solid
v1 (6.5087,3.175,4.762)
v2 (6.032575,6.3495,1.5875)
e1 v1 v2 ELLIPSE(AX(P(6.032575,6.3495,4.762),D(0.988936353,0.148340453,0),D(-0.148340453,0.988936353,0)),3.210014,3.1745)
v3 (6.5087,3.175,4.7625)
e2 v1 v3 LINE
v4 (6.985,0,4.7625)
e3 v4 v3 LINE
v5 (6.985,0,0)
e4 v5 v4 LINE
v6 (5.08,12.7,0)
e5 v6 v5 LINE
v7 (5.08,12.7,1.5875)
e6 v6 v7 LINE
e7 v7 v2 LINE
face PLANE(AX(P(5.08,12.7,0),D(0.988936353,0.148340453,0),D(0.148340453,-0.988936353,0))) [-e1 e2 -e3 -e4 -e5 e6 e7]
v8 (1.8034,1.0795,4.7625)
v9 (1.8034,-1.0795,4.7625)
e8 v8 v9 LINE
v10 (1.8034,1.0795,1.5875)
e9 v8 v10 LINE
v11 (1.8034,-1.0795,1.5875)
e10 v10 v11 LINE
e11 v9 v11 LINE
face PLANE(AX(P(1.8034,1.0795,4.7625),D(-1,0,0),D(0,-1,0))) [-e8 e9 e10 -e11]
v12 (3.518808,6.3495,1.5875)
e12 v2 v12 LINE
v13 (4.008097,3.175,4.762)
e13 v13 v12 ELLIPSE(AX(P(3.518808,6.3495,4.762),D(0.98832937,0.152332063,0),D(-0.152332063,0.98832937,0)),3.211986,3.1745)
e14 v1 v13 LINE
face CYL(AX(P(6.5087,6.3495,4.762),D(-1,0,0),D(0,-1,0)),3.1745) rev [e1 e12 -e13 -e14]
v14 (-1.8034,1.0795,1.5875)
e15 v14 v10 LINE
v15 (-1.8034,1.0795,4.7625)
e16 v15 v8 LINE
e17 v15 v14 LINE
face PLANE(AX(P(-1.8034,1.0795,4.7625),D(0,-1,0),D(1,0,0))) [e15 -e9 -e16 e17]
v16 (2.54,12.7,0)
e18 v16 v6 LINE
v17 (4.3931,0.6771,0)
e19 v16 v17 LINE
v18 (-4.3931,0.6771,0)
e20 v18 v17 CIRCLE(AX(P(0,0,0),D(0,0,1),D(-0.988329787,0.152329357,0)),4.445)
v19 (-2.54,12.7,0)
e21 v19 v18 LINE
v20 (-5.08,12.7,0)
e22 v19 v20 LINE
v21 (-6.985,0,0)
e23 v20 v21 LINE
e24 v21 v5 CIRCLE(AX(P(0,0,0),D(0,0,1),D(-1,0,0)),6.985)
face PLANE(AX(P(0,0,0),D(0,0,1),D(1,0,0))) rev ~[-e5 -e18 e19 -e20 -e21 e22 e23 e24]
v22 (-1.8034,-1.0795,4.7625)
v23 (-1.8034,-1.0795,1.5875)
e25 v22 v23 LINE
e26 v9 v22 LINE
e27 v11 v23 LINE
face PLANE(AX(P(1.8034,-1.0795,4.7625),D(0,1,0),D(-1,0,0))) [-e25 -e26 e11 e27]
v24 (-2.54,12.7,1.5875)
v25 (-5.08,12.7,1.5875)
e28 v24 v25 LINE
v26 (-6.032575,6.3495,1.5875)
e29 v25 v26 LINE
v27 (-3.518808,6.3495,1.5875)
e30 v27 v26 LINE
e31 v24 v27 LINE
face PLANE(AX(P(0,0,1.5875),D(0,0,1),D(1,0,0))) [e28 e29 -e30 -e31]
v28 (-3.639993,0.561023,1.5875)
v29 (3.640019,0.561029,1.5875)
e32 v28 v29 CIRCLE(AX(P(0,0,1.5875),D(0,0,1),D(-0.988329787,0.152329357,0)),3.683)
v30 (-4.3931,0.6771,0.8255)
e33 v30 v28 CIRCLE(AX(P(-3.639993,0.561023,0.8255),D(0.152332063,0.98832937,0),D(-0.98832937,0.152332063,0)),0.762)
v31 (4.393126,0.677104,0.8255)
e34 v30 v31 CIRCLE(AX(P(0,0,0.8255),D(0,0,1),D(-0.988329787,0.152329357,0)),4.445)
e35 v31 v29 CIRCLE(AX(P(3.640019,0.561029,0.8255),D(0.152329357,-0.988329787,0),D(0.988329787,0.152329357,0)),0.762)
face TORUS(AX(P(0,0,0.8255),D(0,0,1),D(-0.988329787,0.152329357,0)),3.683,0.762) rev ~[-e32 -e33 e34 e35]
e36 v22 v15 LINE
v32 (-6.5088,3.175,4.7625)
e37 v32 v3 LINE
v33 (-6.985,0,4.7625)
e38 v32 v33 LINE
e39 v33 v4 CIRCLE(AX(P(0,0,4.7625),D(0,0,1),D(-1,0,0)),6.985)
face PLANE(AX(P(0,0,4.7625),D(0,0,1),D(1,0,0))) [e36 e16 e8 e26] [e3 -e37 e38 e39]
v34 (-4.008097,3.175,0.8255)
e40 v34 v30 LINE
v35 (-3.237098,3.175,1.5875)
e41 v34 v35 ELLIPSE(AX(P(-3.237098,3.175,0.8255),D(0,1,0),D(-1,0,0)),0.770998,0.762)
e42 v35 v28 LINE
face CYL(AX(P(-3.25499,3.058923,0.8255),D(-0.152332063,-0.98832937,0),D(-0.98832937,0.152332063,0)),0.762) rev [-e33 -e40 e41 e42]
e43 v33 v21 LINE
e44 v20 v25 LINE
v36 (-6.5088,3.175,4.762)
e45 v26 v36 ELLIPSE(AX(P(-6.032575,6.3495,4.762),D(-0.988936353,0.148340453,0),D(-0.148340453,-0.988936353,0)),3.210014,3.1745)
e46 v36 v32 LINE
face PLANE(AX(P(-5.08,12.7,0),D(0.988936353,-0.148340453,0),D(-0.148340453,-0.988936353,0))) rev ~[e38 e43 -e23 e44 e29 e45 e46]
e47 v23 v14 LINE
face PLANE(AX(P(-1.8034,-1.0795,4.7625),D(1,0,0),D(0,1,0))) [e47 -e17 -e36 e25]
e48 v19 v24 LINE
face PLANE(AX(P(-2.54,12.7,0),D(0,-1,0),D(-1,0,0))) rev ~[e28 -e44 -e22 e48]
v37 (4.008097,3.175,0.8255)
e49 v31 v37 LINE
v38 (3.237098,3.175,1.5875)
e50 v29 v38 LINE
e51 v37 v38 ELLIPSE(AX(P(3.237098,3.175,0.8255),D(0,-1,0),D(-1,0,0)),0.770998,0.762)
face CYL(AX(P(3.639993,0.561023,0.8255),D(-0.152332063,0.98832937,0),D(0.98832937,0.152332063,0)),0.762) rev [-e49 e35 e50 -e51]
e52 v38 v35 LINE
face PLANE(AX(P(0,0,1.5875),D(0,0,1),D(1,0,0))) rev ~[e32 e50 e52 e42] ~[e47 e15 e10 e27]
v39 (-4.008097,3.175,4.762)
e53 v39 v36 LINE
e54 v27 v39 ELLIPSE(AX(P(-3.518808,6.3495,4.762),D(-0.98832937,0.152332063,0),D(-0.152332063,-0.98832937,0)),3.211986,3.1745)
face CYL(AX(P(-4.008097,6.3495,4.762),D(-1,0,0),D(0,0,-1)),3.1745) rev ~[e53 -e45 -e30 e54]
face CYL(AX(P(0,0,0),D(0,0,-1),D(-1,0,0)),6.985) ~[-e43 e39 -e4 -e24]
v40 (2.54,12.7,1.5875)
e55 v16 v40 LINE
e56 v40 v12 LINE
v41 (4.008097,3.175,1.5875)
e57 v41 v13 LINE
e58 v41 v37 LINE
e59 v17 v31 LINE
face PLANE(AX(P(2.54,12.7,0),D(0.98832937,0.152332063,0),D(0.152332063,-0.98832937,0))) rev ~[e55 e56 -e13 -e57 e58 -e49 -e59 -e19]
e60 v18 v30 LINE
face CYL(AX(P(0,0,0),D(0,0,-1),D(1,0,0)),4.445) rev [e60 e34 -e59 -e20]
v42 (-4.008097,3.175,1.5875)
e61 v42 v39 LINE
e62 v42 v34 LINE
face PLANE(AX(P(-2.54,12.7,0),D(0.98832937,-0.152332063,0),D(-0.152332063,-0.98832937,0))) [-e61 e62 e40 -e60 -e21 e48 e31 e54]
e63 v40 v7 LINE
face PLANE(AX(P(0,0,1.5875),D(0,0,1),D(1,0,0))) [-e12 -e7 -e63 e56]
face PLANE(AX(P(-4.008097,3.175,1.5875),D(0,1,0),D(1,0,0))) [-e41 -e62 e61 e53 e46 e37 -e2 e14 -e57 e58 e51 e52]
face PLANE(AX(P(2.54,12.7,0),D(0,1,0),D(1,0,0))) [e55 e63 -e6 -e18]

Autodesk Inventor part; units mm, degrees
ref_plane "YZ Plane" through (0, 0, 0) normal (1, 0, 0) x (0, 1, 0)
ref_plane "XZ Plane" through (0, 0, 0) normal (0, 1, 0) x (-1, 0, 0)
sketch "Sketch1" plane through (0, 0, 0) normal (0, 0, 1) x (1, 0, 0)
  circle A0 centre (0, 0) radius 4.445
  line L0 (0, 0) -> (0, 12.7)
  line L1 (0, 12.7) -> (-2.54, 12.7)
  line L2 (-2.54, 12.7) -> (2.54, 12.7)
  line L3 (-2.54, 12.7) -> (-4.3931, 0.6771)
  line L4 (2.54, 12.7) -> (4.3931, 0.6771)
  line L5 (-2.54, 12.7) -> (-5.08, 12.7)
  line L6 (-5.08, 12.7) -> (-6.985, 0)
  line L7 (-6.985, 0) -> (-4.445, 0)
  line L8 (2.54, 12.7) -> (5.08, 12.7)
  line L9 (5.08, 12.7) -> (6.985, 0)
  line L10 (6.985, 0) -> (4.445, 0)
  arc A1 (-6.985, 0) -> (6.985, 0) centre (0, 0) ccw
  dimension "d0" = 8.89
  dimension "d1" = 12.7
  dimension "d2" = 2.54
  dimension "d3" = 5.08
  dimension "d4" = 2.54
  dimension "d5" = 2.54
  dimension "d6" = 2.54
  dimension "d7" = 2.54
extrude "Extrusion1" add sketch "Sketch1" along normal blind 1.5875 contours L10 A1 L7 A0 | A0 L4 L8 L9 L10 | L7 L6 L5 L3 A0
sketch "Sketch2" plane through (0, 0, 1.5875) normal (0, 0, 1) x (1, 0, 0)
  line L0 (-2.54, 12.7) -> (-5.08, 12.7) projected
  line L1 (-5.08, 12.7) -> (-6.985, 0) projected
  arc A0 (-6.985, 0) -> (6.985, 0) centre (0, 0) ccw projected
  line L2 (6.985, 0) -> (5.08, 12.7) projected
  line L3 (5.08, 12.7) -> (2.54, 12.7) projected
  line L4 (2.54, 12.7) -> (4.3931, 0.6771) projected
  arc A1 (-4.3931, 0.6771) -> (4.3931, 0.6771) centre (0, 0) ccw projected
  line L5 (-4.3931, 0.6771) -> (-2.54, 12.7) projected
  line L6 (-6.5088, 3.175) -> (6.5087, 3.175)
  dimension "d18" = 3.175
ref_plane "Work Plane1" through (0, 0, 6.35) normal (0, 0, 1) x (1, 0, 0)
extrude "Extrusion4" add sketch "Sketch2" along normal blind 3.175 contours L6 L4 A1 L5 | L5 A1 L4 L6 L2 A0 L1
sketch "Sketch4" plane through (0, 0, 4.7625) normal (0, 0, 1) x (1, 0, 0)
  line L0 (-1.8034, 1.0795) -> (1.8034, 1.0795)
  line L1 (1.8034, 1.0795) -> (1.8034, -1.0795)
  line L2 (1.8034, -1.0795) -> (-1.8034, -1.0795)
  line L3 (-1.8034, -1.0795) -> (-1.8034, 1.0795)
  arc A0 (-6.985, 0) -> (6.985, 0) centre (0, 0) ccw projected
  point P0 (0, 0)
  dimension "d23" = 3.6068
  dimension "d24" = 2.159
  dimension "d25" = 1.8034
  dimension "d26" = 1.0795
extrude "Extrusion6" cut sketch "Sketch4" against normal blind 3.175
fillet "Fillet1" radius 3.175 2 edges at (-5.2584, 3.175, 1.5875) (5.2584, 3.175, 1.5875)
fillet "Fillet2" radius 0.762 3 edges at (-4.2006, 1.9261, 1.5875) (4.2006, 1.9261, 1.5875) (0, -4.445, 1.5875)
equation "\"d25\" = 0.5 * d23"
equation "\"d26\" = 0.5 * d24"
properties part number "servoPotentiometerAttachment" material "ABS Plastic"
